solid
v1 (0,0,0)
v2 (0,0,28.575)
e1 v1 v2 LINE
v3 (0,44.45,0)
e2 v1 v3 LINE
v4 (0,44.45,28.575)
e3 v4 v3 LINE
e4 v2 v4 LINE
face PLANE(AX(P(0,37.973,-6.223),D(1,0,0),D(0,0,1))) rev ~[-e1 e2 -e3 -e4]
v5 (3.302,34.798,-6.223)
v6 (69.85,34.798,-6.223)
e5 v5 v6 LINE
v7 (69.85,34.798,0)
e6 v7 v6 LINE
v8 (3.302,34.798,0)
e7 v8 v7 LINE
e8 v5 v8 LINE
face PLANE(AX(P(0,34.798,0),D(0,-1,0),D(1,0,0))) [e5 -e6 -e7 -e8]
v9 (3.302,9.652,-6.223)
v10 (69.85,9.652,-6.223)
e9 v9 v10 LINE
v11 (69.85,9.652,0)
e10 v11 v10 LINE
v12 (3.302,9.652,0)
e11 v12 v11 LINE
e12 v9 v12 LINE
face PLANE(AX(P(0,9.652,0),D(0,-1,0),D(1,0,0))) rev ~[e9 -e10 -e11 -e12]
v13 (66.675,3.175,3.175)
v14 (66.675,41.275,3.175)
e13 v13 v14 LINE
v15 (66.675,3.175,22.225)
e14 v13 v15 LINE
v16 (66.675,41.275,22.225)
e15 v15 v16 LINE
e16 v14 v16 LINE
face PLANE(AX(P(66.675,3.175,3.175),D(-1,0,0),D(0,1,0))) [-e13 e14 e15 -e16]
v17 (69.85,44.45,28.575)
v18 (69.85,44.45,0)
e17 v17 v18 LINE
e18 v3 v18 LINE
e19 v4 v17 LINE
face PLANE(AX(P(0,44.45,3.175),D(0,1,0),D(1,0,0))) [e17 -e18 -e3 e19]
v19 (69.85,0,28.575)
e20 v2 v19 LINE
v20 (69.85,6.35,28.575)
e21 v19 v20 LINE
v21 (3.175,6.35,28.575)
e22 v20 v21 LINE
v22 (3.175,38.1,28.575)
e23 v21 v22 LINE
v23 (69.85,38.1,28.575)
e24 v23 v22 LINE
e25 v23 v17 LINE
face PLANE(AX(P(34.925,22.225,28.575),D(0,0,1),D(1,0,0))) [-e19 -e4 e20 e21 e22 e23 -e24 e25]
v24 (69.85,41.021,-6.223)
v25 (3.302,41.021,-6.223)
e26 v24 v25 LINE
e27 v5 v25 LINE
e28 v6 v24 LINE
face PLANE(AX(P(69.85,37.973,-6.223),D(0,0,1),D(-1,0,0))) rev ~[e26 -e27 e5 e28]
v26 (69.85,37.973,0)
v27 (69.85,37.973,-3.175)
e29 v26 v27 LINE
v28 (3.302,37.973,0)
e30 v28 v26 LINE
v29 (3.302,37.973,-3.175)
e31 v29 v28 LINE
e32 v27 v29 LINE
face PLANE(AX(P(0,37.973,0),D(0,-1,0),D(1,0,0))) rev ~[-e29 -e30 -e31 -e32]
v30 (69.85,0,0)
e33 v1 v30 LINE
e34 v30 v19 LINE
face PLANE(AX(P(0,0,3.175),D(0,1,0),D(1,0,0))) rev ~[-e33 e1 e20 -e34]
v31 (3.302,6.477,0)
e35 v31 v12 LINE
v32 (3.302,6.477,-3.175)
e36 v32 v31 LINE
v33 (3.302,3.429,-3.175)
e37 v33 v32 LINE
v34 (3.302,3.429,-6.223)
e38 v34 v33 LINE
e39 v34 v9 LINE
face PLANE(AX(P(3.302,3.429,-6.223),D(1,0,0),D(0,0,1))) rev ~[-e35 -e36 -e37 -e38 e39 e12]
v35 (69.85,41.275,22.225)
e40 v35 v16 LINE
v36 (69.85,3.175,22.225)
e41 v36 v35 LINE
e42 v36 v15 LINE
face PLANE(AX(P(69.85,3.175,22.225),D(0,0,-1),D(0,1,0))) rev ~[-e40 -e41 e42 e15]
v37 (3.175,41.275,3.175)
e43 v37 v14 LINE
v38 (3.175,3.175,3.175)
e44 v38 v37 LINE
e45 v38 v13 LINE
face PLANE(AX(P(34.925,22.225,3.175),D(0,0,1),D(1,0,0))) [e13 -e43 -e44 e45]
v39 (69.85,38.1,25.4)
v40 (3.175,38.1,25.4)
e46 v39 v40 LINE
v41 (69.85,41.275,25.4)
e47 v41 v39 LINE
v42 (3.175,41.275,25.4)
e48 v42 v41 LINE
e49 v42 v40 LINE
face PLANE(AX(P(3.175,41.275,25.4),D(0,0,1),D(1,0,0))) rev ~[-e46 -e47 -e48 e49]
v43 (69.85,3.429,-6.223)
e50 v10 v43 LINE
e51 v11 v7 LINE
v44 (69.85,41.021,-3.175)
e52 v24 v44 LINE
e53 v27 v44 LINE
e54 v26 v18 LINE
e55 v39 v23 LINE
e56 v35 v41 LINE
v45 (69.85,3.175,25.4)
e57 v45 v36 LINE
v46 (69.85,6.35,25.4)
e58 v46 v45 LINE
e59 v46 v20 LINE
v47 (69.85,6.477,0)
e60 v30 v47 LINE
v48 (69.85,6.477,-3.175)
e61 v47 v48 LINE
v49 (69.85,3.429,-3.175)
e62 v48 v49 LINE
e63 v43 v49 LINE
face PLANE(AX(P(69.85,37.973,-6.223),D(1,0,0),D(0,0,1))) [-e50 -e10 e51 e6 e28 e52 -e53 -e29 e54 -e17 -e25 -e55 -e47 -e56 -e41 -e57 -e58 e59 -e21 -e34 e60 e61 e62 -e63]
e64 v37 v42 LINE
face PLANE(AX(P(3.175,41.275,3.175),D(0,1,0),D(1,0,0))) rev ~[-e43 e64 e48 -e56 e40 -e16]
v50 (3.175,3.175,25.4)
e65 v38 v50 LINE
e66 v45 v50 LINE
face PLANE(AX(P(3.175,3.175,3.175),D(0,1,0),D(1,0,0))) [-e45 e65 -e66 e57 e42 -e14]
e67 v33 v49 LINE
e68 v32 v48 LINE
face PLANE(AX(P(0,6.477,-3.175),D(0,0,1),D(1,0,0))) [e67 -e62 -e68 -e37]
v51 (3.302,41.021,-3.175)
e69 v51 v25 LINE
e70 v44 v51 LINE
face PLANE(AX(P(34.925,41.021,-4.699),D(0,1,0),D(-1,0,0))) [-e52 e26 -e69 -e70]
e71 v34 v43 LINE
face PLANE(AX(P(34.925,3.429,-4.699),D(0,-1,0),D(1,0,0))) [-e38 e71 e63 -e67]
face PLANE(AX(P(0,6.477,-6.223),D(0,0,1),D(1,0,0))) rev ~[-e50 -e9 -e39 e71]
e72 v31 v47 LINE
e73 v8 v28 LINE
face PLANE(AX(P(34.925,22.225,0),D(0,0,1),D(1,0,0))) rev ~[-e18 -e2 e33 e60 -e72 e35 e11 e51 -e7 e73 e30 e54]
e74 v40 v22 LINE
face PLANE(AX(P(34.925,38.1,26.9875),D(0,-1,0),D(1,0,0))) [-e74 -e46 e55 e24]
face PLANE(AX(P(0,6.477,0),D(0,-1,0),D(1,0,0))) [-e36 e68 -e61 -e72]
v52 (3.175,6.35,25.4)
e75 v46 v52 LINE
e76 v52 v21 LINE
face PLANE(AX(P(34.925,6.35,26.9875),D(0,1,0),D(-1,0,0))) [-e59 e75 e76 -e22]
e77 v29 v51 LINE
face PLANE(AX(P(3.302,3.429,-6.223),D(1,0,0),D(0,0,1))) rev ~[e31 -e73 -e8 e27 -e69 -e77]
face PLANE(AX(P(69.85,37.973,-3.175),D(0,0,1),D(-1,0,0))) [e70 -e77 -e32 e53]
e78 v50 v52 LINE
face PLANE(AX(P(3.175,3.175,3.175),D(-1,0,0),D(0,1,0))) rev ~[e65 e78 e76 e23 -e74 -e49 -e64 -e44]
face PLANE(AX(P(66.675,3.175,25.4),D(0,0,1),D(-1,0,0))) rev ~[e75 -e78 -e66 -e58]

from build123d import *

# Parameters (mm, degrees)
F0_W      = 69.85
F0_H      = 44.45
F1_DEPTH  = 3.175
F2_W      = 69.85
F2_H      = 44.45
F2_W_2    = 63.5
F2_H_2    = 38.1
F3_DEPTH  = 25.4
F4_W      = 69.85
F4_H      = 3.175
F5_DEPTH  = 6.223
F6_W      = 69.85
F6_H      = 3.048
F7_DEPTH  = 3.048
F8_W      = 69.85
F8_H      = 3.048
F9_DEPTH  = 3.048
F10_W     = 63.5
F10_H     = 3.175
F11_DEPTH = 3.175
F12_W     = 63.5
F12_H     = 3.175
F13_DEPTH = 3.175
F14_W     = 31.75
F14_H     = 3.175
F15_DEPTH = 3.175
F16_W     = 3.302
F16_H     = 6.223
F17_DEPTH = 38.1


with BuildPart() as f1:
    # F0 (on Top) → F1 (new body)
    with BuildSketch(Plane.XY):
        with Locations((34.925, 22.225)):
            Rectangle(F0_W, F0_H)
    extrude(amount=F1_DEPTH)

    # F2 (on face) → F3 (join)
    with BuildSketch(Plane.XY.offset(3.175)):
        with Locations((34.925, 22.225)):
            Rectangle(F2_W, F2_H)
        with Locations((34.925, 22.225)):
            Rectangle(F2_W_2, F2_H_2, mode=Mode.SUBTRACT)
    extrude(amount=F3_DEPTH)

    # F4 (on face) → F5 (join)
    with BuildSketch(Plane(origin=(0, 0, 0), x_dir=(1, 0, 0), z_dir=(0, 0, -1))):
        with Locations((34.925, -8.0645)):
            Rectangle(F4_W, F4_H)
        with Locations((34.925, -36.3855)):
            Rectangle(F4_W, F4_H)
    extrude(amount=F5_DEPTH)

    # F6 (on face) → F7 (join)
    with BuildSketch(Plane.XZ.offset(-6.477)):
        with Locations((34.925, -4.699)):
            Rectangle(F6_W, F6_H)
    extrude(amount=F7_DEPTH)

    # F8 (on face) → F9 (join)
    with BuildSketch(Plane(origin=(0, 37.973, 0), x_dir=(-1, 0, 0), z_dir=(0, 1, 0))):
        with Locations((-34.925, -4.699)):
            Rectangle(F8_W, F8_H)
    extrude(amount=F9_DEPTH)

    # F10 (on face) → F11 (join)
    with BuildSketch(Plane(origin=(0, 3.175, 0), x_dir=(-1, 0, 0), z_dir=(0, 1, 0))):
        with Locations((-34.925, 26.9875)):
            Rectangle(F10_W, F10_H)
    extrude(amount=F11_DEPTH)

    # F12 (on face) → F13 (join)
    with BuildSketch(Plane.XZ.offset(-41.275)):
        with Locations((34.925, 26.9875)):
            Rectangle(F12_W, F12_H)
    extrude(amount=F13_DEPTH)

    # F14 (on face) → F15 (cut, through all)
    with BuildSketch(Plane.YZ.offset(69.85)):
        Polygon((38.1, 25.4), (6.35, 25.4), (3.175, 25.4), (3.175, 22.225), (41.275, 22.225), (41.275, 25.4), align=None)
        with Locations((22.225, 26.9875)):
            Rectangle(F14_W, F14_H)
    extrude(amount=-F15_DEPTH, mode=Mode.SUBTRACT)

    # F16 (on face) → F17 (cut)
    with BuildSketch(Plane.XZ.offset(-3.429)):
        with Locations((1.651, -3.1115)):
            Rectangle(F16_W, F16_H)
    extrude(amount=-F17_DEPTH, mode=Mode.SUBTRACT)


solid = f1.part
